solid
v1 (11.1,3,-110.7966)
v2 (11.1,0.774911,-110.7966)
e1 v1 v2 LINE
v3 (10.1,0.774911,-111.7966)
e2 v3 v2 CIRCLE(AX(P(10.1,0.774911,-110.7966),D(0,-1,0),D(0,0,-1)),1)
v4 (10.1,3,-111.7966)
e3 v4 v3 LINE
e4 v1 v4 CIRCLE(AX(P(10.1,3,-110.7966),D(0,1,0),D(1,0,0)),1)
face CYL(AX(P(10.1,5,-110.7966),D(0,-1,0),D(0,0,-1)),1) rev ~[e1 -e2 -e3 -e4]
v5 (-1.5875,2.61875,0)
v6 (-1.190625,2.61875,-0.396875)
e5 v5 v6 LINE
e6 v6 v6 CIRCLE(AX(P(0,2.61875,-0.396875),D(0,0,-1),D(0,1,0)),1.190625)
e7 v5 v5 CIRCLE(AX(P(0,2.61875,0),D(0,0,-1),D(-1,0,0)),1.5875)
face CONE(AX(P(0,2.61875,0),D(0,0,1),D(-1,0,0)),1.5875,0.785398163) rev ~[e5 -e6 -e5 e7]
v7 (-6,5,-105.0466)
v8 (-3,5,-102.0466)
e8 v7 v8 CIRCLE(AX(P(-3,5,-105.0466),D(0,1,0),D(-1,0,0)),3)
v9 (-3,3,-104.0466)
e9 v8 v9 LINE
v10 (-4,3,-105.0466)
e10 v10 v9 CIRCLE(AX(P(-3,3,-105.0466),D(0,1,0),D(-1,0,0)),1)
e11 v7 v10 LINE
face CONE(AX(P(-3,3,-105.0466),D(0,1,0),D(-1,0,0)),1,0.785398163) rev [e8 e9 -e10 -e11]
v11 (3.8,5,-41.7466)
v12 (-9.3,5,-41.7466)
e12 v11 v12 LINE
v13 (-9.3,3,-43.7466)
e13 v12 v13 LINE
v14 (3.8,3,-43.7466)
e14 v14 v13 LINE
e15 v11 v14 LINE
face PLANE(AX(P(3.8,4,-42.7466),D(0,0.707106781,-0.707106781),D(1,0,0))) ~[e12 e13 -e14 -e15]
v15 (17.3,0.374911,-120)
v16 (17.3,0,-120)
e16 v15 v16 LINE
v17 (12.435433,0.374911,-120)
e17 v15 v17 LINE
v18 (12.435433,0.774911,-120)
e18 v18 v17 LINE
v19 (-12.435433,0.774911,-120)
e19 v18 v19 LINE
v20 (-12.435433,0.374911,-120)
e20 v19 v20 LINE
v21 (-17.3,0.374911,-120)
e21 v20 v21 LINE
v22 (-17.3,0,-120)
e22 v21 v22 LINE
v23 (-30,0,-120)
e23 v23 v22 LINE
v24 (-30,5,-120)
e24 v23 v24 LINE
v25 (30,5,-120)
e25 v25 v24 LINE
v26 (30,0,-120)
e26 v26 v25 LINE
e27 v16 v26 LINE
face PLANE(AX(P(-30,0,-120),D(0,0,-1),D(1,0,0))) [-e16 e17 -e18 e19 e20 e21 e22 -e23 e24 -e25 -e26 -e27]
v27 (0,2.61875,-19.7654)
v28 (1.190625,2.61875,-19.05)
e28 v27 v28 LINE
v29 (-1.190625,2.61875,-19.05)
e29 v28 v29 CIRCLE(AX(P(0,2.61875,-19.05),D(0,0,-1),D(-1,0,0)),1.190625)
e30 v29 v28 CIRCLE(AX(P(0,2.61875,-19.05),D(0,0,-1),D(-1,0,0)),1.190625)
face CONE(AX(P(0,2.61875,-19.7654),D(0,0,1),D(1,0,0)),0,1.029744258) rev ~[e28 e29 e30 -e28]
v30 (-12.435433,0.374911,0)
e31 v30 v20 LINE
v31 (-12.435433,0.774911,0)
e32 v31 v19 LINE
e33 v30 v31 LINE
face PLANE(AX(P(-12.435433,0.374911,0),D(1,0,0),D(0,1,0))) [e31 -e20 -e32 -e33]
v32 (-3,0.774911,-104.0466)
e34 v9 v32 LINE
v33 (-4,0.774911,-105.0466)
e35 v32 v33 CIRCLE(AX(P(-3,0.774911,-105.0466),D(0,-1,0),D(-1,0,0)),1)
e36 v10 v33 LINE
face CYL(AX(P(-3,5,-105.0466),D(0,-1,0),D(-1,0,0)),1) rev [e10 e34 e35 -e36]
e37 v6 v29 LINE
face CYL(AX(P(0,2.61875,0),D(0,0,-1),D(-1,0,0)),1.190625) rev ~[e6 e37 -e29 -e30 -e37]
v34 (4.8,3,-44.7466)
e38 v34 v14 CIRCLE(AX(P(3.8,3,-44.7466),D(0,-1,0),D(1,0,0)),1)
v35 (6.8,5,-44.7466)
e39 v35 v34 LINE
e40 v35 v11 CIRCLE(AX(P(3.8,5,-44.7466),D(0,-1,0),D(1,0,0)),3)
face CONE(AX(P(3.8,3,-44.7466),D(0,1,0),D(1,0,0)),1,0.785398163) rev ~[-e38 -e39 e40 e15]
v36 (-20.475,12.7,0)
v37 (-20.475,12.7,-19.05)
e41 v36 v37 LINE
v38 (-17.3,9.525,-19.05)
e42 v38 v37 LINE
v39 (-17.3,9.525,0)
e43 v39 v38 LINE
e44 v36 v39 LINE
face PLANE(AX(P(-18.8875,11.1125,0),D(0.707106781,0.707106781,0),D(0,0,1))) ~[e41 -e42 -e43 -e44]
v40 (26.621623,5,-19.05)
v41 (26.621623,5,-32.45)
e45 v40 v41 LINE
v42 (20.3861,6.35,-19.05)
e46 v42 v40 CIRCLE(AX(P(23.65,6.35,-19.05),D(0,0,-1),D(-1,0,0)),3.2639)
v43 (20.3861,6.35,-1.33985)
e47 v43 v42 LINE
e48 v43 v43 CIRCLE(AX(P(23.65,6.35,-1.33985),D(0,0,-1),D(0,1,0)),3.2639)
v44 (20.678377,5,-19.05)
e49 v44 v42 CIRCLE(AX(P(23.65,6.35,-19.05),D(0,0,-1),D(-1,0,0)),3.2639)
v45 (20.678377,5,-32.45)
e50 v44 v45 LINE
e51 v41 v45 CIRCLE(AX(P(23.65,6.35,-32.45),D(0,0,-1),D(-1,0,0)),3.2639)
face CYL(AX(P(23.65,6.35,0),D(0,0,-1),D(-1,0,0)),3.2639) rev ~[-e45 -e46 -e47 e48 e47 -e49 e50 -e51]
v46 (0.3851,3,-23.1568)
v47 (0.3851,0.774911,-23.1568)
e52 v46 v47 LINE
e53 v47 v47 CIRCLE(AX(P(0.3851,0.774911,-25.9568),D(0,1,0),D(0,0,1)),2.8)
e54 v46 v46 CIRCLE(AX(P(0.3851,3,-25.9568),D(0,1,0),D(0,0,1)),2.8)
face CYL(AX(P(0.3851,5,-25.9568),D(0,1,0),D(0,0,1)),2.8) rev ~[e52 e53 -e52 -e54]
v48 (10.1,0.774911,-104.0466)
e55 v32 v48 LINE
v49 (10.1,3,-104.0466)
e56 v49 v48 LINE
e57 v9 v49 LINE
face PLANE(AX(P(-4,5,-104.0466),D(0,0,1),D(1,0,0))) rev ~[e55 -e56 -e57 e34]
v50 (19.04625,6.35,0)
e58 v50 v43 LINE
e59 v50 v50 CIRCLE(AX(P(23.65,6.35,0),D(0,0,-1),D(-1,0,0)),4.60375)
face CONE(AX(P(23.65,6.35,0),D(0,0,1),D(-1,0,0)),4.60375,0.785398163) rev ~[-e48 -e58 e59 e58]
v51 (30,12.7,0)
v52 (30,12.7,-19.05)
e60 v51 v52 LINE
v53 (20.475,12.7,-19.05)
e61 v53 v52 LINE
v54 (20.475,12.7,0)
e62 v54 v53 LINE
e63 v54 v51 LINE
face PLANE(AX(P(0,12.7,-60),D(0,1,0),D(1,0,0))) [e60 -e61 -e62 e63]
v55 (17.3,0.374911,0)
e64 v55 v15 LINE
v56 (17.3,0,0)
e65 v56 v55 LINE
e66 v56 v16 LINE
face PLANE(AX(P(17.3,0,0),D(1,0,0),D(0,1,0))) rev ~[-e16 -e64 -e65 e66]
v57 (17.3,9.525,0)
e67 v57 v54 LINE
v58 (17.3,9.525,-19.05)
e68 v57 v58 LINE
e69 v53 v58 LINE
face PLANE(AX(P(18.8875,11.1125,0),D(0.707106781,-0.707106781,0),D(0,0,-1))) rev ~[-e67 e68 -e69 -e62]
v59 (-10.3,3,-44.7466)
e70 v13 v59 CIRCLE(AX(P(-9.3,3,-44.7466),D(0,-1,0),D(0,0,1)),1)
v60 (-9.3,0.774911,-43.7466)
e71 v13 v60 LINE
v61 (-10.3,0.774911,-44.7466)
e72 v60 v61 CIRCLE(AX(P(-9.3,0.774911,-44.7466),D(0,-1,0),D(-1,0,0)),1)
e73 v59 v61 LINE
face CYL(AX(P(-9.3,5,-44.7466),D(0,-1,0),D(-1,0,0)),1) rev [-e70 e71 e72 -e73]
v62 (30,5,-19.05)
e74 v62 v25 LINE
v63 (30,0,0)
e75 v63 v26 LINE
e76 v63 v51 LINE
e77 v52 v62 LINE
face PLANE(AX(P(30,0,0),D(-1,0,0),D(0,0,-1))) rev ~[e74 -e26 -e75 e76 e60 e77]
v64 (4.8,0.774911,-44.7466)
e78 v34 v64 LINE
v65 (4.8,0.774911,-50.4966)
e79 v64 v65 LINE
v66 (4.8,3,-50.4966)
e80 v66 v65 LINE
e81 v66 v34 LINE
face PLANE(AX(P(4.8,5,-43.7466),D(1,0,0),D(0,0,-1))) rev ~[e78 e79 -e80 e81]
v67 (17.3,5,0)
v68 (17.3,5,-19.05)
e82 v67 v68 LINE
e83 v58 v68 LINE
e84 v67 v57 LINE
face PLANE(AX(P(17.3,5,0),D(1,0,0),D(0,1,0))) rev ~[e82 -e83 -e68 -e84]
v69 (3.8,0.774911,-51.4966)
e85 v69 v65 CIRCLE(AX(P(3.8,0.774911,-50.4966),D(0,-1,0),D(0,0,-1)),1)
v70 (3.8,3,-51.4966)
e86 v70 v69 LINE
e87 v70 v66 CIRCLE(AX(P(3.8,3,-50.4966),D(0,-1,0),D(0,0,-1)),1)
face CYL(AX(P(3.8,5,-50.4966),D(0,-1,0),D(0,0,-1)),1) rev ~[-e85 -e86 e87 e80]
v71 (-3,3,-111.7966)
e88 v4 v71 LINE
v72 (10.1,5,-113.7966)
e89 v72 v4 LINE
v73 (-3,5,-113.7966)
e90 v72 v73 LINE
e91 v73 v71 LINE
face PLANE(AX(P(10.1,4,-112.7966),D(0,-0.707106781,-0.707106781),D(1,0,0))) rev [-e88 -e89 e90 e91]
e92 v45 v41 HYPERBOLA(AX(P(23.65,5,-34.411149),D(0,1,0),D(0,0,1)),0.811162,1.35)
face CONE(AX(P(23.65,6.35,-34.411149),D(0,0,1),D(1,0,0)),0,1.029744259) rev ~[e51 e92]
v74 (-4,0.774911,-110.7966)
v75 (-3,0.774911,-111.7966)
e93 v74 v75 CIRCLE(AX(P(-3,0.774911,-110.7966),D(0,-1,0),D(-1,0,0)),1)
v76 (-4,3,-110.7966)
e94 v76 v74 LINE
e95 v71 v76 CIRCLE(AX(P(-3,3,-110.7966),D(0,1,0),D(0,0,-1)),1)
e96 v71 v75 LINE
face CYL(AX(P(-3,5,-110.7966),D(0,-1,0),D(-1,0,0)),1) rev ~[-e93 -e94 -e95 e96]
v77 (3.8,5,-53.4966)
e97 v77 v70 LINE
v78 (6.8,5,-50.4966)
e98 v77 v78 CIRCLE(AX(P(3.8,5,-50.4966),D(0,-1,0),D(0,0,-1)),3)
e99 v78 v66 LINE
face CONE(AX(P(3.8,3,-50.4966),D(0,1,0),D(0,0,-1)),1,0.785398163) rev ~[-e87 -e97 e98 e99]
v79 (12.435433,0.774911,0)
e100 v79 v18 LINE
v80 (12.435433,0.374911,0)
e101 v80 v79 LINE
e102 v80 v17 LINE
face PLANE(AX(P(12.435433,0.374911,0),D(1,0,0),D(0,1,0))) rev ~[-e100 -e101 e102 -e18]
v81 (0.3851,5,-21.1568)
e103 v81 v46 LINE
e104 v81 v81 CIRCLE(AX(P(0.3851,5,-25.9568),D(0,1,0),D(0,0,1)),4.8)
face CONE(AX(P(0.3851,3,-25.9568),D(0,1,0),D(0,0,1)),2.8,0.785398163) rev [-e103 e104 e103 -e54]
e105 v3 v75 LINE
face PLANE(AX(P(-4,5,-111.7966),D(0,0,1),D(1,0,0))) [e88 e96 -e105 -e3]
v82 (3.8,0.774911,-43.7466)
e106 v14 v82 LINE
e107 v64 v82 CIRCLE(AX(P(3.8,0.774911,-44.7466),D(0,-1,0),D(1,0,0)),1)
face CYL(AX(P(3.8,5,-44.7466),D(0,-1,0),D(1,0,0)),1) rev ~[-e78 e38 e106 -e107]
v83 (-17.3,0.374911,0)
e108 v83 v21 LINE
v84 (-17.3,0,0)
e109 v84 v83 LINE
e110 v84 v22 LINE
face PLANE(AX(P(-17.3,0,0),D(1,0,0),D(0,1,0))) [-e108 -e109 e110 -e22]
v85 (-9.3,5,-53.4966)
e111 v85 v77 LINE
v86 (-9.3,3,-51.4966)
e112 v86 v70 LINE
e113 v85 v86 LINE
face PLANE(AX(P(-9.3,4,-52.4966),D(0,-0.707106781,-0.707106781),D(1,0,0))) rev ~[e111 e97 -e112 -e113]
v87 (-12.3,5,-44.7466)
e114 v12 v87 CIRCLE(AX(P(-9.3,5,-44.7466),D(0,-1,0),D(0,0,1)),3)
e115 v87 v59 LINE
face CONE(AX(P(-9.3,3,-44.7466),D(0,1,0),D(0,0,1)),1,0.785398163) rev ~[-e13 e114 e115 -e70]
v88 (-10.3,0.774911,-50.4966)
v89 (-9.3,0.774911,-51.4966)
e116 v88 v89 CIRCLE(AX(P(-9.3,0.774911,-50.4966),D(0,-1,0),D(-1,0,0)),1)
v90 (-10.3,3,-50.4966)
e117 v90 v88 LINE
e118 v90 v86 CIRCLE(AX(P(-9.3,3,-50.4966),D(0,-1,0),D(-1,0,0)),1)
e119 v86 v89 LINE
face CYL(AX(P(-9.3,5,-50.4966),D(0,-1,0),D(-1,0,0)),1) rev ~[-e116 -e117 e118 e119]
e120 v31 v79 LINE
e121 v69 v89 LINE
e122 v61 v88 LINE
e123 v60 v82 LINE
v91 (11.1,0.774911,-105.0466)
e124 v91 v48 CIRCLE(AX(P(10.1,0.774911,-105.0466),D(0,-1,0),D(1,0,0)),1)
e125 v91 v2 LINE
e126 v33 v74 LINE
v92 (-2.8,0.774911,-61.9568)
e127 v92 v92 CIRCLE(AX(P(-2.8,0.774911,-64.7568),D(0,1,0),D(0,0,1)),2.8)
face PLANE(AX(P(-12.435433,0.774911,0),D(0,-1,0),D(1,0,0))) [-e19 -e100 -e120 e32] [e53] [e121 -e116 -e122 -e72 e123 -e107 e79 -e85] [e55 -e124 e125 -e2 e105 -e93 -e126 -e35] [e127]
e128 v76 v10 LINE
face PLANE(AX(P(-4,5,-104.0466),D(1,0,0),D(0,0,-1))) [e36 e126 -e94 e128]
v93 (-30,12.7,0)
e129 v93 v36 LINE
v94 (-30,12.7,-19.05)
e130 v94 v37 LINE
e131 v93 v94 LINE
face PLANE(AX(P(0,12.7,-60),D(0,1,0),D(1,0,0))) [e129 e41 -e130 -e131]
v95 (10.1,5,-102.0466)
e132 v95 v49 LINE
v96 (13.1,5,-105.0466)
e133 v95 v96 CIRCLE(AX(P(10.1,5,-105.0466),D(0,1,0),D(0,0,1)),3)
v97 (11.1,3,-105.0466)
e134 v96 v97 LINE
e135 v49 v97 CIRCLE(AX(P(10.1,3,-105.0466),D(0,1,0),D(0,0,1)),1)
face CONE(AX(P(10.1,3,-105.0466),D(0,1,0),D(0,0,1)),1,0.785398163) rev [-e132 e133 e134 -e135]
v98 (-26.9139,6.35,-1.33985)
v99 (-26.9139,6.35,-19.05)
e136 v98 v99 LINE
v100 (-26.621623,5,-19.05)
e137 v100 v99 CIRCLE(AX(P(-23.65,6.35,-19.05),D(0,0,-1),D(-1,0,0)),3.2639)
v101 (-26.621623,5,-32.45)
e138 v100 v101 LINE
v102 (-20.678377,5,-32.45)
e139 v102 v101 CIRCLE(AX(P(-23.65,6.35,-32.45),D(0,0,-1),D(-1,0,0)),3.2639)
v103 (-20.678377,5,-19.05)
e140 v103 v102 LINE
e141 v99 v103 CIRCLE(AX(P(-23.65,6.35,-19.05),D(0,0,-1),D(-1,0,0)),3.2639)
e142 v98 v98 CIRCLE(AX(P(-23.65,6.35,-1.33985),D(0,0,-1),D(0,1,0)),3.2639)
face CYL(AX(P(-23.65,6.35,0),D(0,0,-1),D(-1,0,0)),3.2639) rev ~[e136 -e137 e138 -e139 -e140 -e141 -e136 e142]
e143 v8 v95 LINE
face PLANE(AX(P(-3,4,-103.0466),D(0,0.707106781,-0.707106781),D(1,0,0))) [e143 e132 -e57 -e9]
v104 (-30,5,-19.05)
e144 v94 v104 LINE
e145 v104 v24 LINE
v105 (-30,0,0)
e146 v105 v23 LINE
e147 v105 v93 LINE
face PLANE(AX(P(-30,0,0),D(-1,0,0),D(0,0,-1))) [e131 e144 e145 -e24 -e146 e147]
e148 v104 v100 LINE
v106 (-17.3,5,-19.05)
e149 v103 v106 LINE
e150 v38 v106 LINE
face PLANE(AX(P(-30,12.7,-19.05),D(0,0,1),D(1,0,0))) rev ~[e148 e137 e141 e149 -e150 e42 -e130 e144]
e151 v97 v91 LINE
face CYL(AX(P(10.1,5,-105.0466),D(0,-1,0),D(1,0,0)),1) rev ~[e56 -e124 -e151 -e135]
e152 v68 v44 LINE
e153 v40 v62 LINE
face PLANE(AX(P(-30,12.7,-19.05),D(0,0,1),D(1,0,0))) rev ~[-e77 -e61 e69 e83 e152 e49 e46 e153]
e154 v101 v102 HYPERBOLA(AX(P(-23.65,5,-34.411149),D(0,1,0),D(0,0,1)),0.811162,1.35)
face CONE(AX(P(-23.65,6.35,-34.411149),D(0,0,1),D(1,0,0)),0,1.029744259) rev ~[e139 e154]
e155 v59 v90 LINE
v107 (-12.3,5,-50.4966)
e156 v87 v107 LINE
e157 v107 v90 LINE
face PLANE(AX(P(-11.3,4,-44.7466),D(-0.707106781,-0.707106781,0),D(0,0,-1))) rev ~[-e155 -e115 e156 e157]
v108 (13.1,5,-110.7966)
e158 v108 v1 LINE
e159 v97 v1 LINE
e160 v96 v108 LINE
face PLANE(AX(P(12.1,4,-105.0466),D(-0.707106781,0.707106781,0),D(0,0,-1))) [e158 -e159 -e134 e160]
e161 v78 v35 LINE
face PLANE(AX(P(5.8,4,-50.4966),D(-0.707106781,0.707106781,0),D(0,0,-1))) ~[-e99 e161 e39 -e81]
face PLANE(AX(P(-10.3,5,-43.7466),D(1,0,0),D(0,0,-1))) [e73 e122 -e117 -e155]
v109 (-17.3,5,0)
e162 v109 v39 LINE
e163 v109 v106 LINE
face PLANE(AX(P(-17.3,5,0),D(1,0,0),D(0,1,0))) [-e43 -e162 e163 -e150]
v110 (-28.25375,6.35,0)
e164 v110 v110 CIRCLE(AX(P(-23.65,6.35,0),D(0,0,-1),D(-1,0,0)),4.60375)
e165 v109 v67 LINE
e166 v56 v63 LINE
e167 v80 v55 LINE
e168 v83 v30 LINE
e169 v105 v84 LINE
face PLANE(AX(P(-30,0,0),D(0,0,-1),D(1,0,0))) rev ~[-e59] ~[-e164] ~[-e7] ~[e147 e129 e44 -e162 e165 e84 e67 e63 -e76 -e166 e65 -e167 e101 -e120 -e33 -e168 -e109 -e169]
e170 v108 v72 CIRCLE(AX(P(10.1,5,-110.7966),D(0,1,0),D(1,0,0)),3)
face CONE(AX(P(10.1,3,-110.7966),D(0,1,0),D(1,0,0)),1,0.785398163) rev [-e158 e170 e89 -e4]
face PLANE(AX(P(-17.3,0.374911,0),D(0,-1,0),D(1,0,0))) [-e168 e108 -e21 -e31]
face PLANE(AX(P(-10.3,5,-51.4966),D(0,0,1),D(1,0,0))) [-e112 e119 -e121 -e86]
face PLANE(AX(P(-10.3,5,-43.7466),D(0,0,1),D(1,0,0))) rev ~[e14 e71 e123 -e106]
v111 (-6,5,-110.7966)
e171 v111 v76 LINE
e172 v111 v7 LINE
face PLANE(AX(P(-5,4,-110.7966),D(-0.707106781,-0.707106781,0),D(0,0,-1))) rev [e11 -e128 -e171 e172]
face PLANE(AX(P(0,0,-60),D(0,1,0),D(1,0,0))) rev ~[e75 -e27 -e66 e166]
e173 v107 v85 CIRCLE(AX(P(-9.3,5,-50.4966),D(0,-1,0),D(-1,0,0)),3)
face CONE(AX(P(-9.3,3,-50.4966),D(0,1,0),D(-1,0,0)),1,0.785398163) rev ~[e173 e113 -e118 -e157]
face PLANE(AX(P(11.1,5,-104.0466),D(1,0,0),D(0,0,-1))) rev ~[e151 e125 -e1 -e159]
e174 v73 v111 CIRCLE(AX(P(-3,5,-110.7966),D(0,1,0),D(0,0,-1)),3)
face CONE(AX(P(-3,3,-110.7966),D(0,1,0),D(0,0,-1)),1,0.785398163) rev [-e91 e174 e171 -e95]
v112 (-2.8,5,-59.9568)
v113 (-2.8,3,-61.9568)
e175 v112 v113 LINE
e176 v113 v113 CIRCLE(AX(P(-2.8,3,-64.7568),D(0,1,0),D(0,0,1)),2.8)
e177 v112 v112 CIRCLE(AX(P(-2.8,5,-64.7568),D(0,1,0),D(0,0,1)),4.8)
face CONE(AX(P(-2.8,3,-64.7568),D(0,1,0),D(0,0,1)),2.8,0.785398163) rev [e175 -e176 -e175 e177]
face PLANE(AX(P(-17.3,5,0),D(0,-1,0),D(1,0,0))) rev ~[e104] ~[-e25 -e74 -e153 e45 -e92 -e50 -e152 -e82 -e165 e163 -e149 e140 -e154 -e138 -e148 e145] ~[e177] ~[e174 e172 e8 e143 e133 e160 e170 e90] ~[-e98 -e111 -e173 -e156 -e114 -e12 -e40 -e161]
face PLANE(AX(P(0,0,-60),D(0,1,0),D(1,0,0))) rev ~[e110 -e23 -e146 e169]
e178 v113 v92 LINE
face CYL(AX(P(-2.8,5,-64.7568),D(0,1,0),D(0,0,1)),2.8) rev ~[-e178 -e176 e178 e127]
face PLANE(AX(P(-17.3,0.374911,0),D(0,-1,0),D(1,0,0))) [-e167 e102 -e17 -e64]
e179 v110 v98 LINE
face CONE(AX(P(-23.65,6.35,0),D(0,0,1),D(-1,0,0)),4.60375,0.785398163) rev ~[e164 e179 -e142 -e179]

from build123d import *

# Parameters (mm, degrees)
SKETCH1_W                                 = 60
SKETCH1_H                                 = 120
BOSS_EXTRUDE1_DEPTH                       = 12.7
SKETCH2_W                                 = 34.6
SKETCH2_H                                 = 7.7
CUT_EXTRUDE1_DEPTH                        = 121
F_3_32_0_09375_DIAMETER_HOLE1_D           = 2.38125
F_3_32_0_09375_DIAMETER_HOLE1_DEPTH       = 19.05
F_3_32_0_09375_DIAMETER_HOLE1_CSINK_D     = 3.175
F_3_32_0_09375_DIAMETER_HOLE1_CSINK_ANGLE = 90
F_3_32_0_09375_DIAMETER_HOLE1_TIP         = 0.715399675
CUT_EXTRUDE2_DEPTH                        = 1
CUT_EXTRUDE2_DEPTH_BACK                   = 121
F_5_16_18_TAPPED_HOLE1_D                  = 6.5278
F_5_16_18_TAPPED_HOLE1_DEPTH              = 32.45
F_5_16_18_TAPPED_HOLE1_CSINK_D            = 9.2075
F_5_16_18_TAPPED_HOLE1_CSINK_ANGLE        = 90
F_5_16_18_TAPPED_HOLE1_TIP                = 1.961148974
CHAMFER1_SIZE                             = 3.175
SKETCH6_W                                 = 15.1
SKETCH6_H                                 = 7.75
CUT_EXTRUDE3_DEPTH                        = 6
FILLET1_R                                 = 1
SKETCH7_R                                 = 2.8
CUT_EXTRUDE4_DEPTH                        = 6.0000001
CHAMFER2_SIZE                             = 2
SKETCH10_W                                = 60
SKETCH10_H                                = 100.95
CUT_EXTRUDE5_DEPTH                        = 7.7
SKETCH12_W                                = 24.87086649
SKETCH12_H                                = 0.4
CUT_EXTRUDE11_DEPTH                       = 121.0000001
SKETCH13_W                                = 34.6
SKETCH13_H                                = 0.374910819
CUT_EXTRUDE12_DEPTH                       = 121


with BuildPart() as part:
    # Sketch1 → Boss-Extrude1 (new body)
    with BuildSketch(Plane(origin=(0, 0, 0), x_dir=(1, 0, 0), z_dir=(0, 1, 0))):
        with Locations((0, 60)):
            Rectangle(SKETCH1_W, SKETCH1_H)
    extrude(amount=BOSS_EXTRUDE1_DEPTH)

    # Sketch2 → Cut-Extrude1 (cut, through all)
    with BuildSketch(Plane.XY):
        with Locations((0, 8.85)):
            Rectangle(SKETCH2_W, SKETCH2_H)
    extrude(amount=-CUT_EXTRUDE1_DEPTH, mode=Mode.SUBTRACT)

    # 3_32 _0.09375_ Diameter Hole1
    with Locations(Plane.XY):
        with Locations((0, 2.61875)):
            CounterSinkHole(F_3_32_0_09375_DIAMETER_HOLE1_D / 2, F_3_32_0_09375_DIAMETER_HOLE1_CSINK_D / 2, depth=F_3_32_0_09375_DIAMETER_HOLE1_DEPTH, counter_sink_angle=F_3_32_0_09375_DIAMETER_HOLE1_CSINK_ANGLE)
            with Locations((0, 0, -(F_3_32_0_09375_DIAMETER_HOLE1_DEPTH + F_3_32_0_09375_DIAMETER_HOLE1_TIP / 2))):  # 118° drill point
                Cone(0, F_3_32_0_09375_DIAMETER_HOLE1_D / 2, F_3_32_0_09375_DIAMETER_HOLE1_TIP, mode=Mode.SUBTRACT)

    # Sketch3 → Cut-Extrude2 (cut, two sides)
    with BuildSketch(Plane.XY) as cut_extrude2_sk:
        with BuildLine():
            Line((-124.818289263, -9.651397294), (-17.3, 0))
            ThreePointArc((-17.3, 0), (0, 0.774910819), (17.3, 0))
            Line((17.3, 0), (124.818289263, -9.651397294))
            Line((124.818289263, -9.651397294), (124.818289263, -225.552596882))
            Line((124.818289263, -225.552596882), (-124.818289263, -225.552596882))
            Line((-124.818289263, -225.552596882), (-124.818289263, -9.651397294))
        make_face()
    extrude(amount=CUT_EXTRUDE2_DEPTH, mode=Mode.SUBTRACT)
    extrude(cut_extrude2_sk.sketch, amount=-CUT_EXTRUDE2_DEPTH_BACK, mode=Mode.SUBTRACT)

    # 5_16-18 Tapped Hole1
    with Locations(Plane.XY):
        with Locations((-23.65, 6.35), (23.65, 6.35)):
            CounterSinkHole(F_5_16_18_TAPPED_HOLE1_D / 2, F_5_16_18_TAPPED_HOLE1_CSINK_D / 2, depth=F_5_16_18_TAPPED_HOLE1_DEPTH, counter_sink_angle=F_5_16_18_TAPPED_HOLE1_CSINK_ANGLE)
            with Locations((0, 0, -(F_5_16_18_TAPPED_HOLE1_DEPTH + F_5_16_18_TAPPED_HOLE1_TIP / 2))):  # 118° drill point
                Cone(0, F_5_16_18_TAPPED_HOLE1_D / 2, F_5_16_18_TAPPED_HOLE1_TIP, mode=Mode.SUBTRACT)

    # Chamfer1
    chamfer1_edges = [part.edges().sort_by_distance(p)[0] for p in [
        (-17.3, 12.7, -60),
        (17.3, 12.7, -60),
    ]]
    chamfer(chamfer1_edges, length=CHAMFER1_SIZE)

    # Sketch6 → Cut-Extrude3 (cut, through all)
    with BuildSketch(Plane(origin=(0, 5, 0), x_dir=(1, 0, 0), z_dir=(0, 1, 0))):
        with Locations((3.55, 107.9216)):
            Rectangle(SKETCH6_W, SKETCH6_H)
        with Locations((-2.75, 47.6216)):
            Rectangle(SKETCH6_W, SKETCH6_H)
    extrude(amount=-CUT_EXTRUDE3_DEPTH, mode=Mode.SUBTRACT)

    # Fillet1
    fillet1_edges = [part.edges().sort_by_distance(p)[0] for p in [
        (11.1, 2.72813819, -111.7966),
        (11.1, 2.72813819, -104.0466),
        (-4, 2.866781366, -104.0466),
        (-4, 2.866781366, -111.7966),
        (4.8, 2.857683387, -51.4966),
        (4.8, 2.857683387, -43.7466),
        (-10.3, 2.750290995, -43.7466),
        (-10.3, 2.750290995, -51.4966),
    ]]
    fillet(fillet1_edges, radius=FILLET1_R)

    # Sketch7 → Cut-Extrude4 (cut, through all)
    with BuildSketch(Plane(origin=(0, 5, 0), x_dir=(1, 0, 0), z_dir=(0, 1, 0))):
        with Locations(Location((-2.8, 64.7568, 0), (0, 0, 270))):  # turned: the seam where the file's is
            Circle(SKETCH7_R)
        with Locations(Location((0.3851, 25.9568, 0), (0, 0, 270))):  # turned: the seam where the file's is
            Circle(SKETCH7_R)
    extrude(amount=-CUT_EXTRUDE4_DEPTH, mode=Mode.SUBTRACT)

    # Chamfer2
    chamfer2_edges = [part.edges().sort_by_distance(p)[0] for p in [
        (3.55, 5, -104.0466),
        (-4, 5, -107.9216),
        (11.1, 5, -107.9216),
        (3.55, 5, -111.7966),
        (-2.75, 5, -51.4966),
        (4.8, 5, -47.6216),
        (-2.75, 5, -43.7466),
        (-10.3, 5, -47.6216),
        (-3.707106781, 5, -104.339493219),
        (10.807106781, 5, -104.339493219),
        (10.807106781, 5, -111.503706781),
        (4.507106781, 5, -51.203706781),
        (4.507106781, 5, -44.039493219),
        (-10.007106781, 5, -44.039493219),
        (-10.007106781, 5, -51.203706781),
        (-3.707106781, 5, -111.503706781),
        (-2.8, 5, -67.5568),
        (0.3851, 5, -28.7568),
    ]]
    chamfer(chamfer2_edges, length=CHAMFER2_SIZE)

    # Sketch10 → Cut-Extrude5 (cut)
    with BuildSketch(Plane(origin=(0, 12.7, 0), x_dir=(1, 0, 0), z_dir=(0, 1, 0))):
        with Locations((0, 69.525)):
            Rectangle(SKETCH10_W, SKETCH10_H)
    extrude(amount=-CUT_EXTRUDE5_DEPTH, mode=Mode.SUBTRACT)

    # Sketch12 → Cut-Extrude11 (cut, through all)
    with BuildSketch(Plane.XY):
        with Locations((0, 0.574910819)):
            Rectangle(SKETCH12_W, SKETCH12_H)
    extrude(amount=-CUT_EXTRUDE11_DEPTH, mode=Mode.SUBTRACT)

    # Sketch13 → Cut-Extrude12 (cut, through all)
    with BuildSketch(Plane.XY):
        with Locations((0, 0.18745541)):
            Rectangle(SKETCH13_W, SKETCH13_H)
    extrude(amount=-CUT_EXTRUDE12_DEPTH, mode=Mode.SUBTRACT)


solid = part.part
